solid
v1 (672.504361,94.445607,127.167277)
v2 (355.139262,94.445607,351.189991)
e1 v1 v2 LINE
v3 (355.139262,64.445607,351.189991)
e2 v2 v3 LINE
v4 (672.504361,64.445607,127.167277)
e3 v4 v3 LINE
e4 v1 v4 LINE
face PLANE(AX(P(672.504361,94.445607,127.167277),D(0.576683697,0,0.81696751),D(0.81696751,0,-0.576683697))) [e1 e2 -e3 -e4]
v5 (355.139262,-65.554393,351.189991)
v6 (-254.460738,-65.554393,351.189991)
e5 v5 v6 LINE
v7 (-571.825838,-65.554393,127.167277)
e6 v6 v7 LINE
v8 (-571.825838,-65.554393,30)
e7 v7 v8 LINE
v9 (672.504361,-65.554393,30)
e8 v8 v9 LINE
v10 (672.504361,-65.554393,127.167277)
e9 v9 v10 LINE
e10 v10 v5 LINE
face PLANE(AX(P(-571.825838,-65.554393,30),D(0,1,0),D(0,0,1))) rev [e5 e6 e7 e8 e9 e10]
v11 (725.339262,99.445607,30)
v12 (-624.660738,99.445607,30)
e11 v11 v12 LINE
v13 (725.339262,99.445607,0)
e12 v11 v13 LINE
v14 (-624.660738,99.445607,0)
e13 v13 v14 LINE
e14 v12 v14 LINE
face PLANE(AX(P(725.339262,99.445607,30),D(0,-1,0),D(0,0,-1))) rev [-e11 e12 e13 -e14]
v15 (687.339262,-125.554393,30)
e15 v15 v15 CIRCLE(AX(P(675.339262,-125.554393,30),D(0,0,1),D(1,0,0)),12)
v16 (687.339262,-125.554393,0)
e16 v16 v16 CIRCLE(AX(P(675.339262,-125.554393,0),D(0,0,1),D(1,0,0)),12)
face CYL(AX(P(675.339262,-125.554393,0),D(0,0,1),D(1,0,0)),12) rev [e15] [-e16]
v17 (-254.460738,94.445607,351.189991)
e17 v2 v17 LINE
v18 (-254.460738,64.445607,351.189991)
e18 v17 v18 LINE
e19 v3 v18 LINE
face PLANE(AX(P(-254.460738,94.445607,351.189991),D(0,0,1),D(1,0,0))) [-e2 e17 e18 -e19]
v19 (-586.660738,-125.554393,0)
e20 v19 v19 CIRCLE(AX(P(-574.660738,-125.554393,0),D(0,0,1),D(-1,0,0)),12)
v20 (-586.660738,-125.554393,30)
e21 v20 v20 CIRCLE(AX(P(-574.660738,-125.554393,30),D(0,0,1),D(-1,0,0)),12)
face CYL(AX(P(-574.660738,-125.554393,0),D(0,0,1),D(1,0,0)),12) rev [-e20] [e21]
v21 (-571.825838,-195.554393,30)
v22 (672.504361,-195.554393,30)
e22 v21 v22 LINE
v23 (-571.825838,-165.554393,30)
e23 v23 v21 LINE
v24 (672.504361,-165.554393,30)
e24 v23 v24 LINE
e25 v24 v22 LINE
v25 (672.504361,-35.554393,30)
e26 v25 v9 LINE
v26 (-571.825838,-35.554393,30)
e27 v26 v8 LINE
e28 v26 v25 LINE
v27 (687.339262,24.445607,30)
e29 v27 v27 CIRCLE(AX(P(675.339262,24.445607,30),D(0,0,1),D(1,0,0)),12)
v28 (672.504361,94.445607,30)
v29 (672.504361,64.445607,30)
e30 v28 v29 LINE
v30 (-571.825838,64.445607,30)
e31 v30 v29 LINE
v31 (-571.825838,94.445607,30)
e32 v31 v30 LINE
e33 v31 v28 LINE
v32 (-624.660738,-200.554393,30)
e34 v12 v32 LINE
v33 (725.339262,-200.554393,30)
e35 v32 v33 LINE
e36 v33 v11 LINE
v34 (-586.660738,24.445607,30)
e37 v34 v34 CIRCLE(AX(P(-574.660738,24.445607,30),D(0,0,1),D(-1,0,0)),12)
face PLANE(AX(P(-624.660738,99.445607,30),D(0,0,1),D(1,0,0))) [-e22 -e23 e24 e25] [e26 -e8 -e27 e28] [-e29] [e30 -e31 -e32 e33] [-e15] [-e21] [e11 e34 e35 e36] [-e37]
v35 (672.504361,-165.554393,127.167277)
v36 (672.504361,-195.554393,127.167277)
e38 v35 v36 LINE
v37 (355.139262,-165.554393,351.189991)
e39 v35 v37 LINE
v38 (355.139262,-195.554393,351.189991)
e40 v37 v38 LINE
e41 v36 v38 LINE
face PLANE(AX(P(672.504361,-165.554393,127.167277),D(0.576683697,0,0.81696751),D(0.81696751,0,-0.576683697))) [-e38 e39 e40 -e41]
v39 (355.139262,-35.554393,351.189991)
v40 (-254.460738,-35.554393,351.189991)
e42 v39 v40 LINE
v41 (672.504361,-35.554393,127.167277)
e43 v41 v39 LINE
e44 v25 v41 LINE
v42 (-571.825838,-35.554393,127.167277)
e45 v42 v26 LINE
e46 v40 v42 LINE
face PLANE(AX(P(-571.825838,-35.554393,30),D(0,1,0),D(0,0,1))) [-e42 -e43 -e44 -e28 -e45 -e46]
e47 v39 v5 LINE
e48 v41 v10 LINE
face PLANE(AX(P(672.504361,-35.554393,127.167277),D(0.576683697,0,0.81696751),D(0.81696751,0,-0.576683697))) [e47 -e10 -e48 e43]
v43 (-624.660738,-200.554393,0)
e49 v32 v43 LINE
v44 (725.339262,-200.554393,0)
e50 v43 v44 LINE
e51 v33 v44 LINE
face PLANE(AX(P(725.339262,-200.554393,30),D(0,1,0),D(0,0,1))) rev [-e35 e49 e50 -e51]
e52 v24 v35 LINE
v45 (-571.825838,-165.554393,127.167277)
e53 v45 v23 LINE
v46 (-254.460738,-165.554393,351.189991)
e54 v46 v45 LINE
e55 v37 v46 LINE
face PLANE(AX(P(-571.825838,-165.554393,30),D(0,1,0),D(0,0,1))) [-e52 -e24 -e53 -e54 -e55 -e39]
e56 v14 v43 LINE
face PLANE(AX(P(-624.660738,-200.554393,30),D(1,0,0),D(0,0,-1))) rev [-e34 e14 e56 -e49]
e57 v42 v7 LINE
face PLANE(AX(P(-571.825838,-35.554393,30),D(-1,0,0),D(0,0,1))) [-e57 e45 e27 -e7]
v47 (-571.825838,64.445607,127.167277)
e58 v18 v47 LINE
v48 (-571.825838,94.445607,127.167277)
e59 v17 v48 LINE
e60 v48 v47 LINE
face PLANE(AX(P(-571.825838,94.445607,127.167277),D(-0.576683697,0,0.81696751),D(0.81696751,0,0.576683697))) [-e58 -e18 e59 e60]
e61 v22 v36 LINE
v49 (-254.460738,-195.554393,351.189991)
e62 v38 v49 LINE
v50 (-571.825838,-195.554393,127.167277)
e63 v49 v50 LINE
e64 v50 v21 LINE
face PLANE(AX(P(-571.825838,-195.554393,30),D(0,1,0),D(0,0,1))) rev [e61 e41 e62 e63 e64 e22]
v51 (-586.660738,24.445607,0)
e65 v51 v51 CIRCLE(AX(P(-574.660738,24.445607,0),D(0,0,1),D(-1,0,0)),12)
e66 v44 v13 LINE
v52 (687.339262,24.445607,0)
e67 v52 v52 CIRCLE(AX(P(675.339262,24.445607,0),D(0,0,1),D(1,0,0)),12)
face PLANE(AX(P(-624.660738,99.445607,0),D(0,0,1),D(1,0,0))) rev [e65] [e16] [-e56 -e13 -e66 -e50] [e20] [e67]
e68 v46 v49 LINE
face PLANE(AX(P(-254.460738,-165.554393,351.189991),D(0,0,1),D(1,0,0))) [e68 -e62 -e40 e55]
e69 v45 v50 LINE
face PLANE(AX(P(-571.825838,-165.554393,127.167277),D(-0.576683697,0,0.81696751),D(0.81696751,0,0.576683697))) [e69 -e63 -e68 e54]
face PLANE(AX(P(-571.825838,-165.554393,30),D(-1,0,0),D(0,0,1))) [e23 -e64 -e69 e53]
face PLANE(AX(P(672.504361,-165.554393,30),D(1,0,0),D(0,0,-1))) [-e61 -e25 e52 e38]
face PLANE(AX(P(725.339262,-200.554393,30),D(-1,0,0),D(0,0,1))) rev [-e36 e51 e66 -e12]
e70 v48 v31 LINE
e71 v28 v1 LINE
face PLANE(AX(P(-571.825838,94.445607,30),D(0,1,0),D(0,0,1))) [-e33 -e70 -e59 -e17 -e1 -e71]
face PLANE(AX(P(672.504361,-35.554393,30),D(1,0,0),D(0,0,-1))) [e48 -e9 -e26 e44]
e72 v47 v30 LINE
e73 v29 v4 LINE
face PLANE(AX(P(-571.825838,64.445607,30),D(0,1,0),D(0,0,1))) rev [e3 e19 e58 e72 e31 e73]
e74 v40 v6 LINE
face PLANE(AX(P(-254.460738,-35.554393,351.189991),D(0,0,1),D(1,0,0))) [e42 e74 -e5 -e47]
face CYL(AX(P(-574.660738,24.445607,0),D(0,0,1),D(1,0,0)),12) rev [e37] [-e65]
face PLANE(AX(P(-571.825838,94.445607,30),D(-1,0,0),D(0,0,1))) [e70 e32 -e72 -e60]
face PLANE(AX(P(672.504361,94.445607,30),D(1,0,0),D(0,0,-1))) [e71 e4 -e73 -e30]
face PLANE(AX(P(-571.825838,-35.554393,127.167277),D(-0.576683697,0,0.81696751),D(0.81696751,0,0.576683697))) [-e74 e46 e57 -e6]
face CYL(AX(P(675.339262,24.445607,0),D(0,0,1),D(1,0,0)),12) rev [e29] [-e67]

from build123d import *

# Parameters (mm, degrees)
SKETCH1_W           = 1350
SKETCH1_H           = 300
EXTRUDE1_DEPTH      = 30
SKETCH2_R           = 12
CUT_EXTRUDE1_DEPTH  = 31
EXTRUDE2_DEPTH      = 15
LPATTERN1_COUNT     = 2
LPATTERN1_PITCH     = 130
LPATTERN1_COL_COUNT = 2
LPATTERN1_COL_PITCH = 130


with BuildPart() as part:
    # Sketch1 → Extrude1 (new body)
    with BuildSketch(Plane.XY):
        with Locations((50.339261683, -50.554392858)):
            Rectangle(SKETCH1_W, SKETCH1_H)
    extrude(amount=EXTRUDE1_DEPTH)

    # Sketch2 → Cut-Extrude1 (cut, through all)
    with BuildSketch(Plane.XY.offset(30)):
        with Locations((675.339261683, 24.445607142)):
            Circle(SKETCH2_R)
        with Locations((675.339261683, -125.554392858)):
            Circle(SKETCH2_R)
        with Locations(Location((-574.660738317, -125.554392858, 0), (0, 0, 180))):  # turned: the seam where the file's is
            Circle(SKETCH2_R)
        with Locations(Location((-574.660738317, 24.445607142, 0), (0, 0, 180))):  # turned: the seam where the file's is
            Circle(SKETCH2_R)
    extrude(amount=-CUT_EXTRUDE1_DEPTH, mode=Mode.SUBTRACT)

    # Sketch3 → Extrude2 (add, symmetric)
    with BuildSketch(Plane(origin=(-624.660738317, -50.554392858, 0), x_dir=(1, 0, 0), z_dir=(0, -1, 0))):
        Polygon((52.834900275, 30), (52.834900275, 127.16727695), (370.2, 351.189991199), (979.8, 351.189991199), (1297.165099725, 127.16727695), (1297.165099725, 30), align=None)
    extrude2 = extrude(amount=EXTRUDE2_DEPTH, both=True)

    # LPattern1: Extrude2 ×2
    with Locations(*[(0, -i * LPATTERN1_PITCH, 0) for i in range(1, LPATTERN1_COUNT)]):
        add(extrude2)

    # LPattern1 col: Extrude2 ×2
    with Locations(*[(0, i * LPATTERN1_COL_PITCH, 0) for i in range(1, LPATTERN1_COL_COUNT)]):
        add(extrude2)


solid = part.part
